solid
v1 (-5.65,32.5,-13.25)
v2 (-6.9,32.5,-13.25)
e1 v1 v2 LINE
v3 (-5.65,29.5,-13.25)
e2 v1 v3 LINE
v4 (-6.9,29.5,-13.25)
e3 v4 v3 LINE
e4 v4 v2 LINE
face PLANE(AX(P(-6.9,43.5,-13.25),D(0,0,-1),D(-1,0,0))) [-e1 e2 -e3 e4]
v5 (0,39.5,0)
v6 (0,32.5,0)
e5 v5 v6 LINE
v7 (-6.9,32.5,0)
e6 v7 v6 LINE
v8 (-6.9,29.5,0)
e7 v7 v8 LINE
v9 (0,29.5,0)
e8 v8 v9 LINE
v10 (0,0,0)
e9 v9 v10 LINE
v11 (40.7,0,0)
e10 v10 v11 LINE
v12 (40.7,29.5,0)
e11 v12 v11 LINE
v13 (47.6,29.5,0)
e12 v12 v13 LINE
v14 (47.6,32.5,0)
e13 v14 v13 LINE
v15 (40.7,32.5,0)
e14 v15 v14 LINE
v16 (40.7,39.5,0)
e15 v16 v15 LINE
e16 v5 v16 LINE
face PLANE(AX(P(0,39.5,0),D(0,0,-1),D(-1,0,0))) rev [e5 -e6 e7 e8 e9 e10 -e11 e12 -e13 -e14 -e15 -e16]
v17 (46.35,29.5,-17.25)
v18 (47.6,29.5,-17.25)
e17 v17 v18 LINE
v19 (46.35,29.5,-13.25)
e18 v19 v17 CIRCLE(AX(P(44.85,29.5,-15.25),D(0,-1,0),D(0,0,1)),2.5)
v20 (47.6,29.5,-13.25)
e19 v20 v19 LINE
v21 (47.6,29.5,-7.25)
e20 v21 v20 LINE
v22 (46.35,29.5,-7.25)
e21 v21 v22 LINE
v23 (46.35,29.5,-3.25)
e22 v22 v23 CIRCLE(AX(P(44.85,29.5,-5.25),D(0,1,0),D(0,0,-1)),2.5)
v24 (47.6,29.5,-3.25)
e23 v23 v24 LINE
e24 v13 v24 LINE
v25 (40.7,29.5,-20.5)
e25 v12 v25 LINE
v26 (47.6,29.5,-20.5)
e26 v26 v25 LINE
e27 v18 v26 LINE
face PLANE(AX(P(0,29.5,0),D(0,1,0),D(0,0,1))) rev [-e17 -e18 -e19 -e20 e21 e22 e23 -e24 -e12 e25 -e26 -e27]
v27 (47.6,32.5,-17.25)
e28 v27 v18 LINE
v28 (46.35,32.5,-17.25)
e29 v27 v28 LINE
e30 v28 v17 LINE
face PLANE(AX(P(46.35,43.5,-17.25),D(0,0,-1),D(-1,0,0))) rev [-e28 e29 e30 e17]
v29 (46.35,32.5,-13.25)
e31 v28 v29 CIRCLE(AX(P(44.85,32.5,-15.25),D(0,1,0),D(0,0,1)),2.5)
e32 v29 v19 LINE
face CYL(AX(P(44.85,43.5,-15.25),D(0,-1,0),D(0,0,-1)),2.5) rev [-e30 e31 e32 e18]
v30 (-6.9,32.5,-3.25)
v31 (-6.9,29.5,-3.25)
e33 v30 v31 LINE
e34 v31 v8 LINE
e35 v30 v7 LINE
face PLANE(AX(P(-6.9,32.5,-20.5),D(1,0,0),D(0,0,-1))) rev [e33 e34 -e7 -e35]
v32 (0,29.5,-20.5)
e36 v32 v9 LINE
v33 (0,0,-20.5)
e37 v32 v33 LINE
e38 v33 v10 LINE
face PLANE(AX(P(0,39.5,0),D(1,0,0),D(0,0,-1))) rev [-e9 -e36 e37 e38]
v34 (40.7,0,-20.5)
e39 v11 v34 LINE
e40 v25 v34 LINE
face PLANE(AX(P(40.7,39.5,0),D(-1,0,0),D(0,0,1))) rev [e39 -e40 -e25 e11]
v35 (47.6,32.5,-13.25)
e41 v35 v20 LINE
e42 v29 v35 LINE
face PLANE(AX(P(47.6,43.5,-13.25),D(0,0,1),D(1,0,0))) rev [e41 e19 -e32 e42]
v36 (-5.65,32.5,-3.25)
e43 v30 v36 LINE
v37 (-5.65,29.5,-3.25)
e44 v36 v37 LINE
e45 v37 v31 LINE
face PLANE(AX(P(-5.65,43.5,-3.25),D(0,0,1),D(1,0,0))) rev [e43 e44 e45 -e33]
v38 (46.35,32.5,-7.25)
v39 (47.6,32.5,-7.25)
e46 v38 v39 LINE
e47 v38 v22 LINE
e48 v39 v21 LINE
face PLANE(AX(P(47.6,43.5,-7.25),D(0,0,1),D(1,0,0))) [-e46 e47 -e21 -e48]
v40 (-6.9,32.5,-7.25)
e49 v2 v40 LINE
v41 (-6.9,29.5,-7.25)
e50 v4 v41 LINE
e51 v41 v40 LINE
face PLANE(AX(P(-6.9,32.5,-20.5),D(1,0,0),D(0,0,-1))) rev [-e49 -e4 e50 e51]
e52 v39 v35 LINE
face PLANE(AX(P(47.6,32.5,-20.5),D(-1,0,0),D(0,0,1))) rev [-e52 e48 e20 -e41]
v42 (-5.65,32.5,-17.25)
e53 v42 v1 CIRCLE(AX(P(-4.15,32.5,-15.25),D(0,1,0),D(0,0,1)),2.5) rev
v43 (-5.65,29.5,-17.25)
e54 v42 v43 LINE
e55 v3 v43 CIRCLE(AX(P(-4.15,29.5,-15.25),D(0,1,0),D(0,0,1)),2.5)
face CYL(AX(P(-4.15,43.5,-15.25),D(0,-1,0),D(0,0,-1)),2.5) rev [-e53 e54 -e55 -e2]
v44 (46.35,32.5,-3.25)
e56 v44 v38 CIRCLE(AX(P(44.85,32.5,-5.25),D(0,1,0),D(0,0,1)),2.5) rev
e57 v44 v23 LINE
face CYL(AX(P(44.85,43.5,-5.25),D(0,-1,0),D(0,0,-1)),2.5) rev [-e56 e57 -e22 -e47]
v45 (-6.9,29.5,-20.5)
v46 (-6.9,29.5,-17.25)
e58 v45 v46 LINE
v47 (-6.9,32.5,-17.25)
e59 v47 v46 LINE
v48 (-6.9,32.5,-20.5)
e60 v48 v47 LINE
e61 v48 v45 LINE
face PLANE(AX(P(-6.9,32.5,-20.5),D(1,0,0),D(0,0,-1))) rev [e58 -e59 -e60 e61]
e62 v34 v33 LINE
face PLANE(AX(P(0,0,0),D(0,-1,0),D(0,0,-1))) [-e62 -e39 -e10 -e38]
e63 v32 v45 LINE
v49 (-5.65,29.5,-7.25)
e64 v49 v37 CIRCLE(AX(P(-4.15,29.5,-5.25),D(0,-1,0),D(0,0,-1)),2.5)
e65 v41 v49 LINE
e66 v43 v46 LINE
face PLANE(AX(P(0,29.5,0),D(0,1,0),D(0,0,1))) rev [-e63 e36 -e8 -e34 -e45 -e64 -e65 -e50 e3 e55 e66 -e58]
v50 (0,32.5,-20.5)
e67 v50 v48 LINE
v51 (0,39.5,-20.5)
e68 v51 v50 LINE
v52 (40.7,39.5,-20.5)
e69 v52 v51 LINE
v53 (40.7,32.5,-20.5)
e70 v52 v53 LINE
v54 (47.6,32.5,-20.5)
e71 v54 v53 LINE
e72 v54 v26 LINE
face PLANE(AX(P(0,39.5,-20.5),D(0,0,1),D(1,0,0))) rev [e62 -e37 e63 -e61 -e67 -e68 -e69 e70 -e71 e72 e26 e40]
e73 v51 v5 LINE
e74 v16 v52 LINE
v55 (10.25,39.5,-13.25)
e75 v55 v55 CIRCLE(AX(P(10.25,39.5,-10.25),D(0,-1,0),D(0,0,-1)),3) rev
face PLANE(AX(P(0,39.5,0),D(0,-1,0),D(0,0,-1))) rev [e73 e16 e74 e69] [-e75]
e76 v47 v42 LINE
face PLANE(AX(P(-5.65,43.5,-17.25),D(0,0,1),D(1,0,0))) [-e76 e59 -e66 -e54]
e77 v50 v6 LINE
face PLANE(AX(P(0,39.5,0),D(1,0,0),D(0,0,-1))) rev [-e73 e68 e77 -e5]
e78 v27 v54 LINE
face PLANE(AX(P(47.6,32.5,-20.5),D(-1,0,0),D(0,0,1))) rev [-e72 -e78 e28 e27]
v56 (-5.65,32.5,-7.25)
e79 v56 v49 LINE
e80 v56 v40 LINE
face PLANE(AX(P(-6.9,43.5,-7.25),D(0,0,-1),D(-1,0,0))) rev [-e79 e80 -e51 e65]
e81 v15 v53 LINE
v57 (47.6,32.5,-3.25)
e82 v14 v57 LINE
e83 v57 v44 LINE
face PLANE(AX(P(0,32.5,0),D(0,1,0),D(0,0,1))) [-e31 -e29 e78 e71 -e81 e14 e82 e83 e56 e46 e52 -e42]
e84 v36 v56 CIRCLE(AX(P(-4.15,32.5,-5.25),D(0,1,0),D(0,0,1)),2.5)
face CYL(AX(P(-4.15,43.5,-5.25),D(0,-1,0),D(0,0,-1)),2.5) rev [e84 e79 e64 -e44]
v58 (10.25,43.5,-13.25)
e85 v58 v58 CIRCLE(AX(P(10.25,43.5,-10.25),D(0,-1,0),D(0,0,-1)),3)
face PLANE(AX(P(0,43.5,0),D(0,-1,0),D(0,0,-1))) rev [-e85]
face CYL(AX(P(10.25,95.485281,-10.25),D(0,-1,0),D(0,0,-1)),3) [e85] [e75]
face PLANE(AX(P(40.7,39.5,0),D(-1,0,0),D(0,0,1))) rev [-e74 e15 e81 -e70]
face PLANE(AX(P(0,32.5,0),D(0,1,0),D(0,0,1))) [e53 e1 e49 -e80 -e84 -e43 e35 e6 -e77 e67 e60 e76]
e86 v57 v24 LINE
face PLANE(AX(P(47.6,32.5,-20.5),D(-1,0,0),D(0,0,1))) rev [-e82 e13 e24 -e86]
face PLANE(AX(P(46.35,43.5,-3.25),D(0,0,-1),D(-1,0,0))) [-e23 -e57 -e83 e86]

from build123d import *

# Parameters (mm, degrees)
SKETCH1_W            = 40.7
SKETCH1_H            = 20.5
BOSS_EXTRUDE1_DEPTH  = 39.5
SKETCH2_R            = 3
BOSS_EXTRUDE2_DEPTH  = 4
SKETCH3_W            = 54.5
SKETCH3_H            = 20.5
BOSS_EXTRUDE3_DEPTH  = 3
CUT_EXTRUDE1_DEPTH   = 60.634386054
MIRROR2_COPY_1_DEPTH = 60.634386054


with BuildPart() as part:
    # Sketch1 → Boss-Extrude1 (new body)
    with BuildSketch(Plane(origin=(0, 0, 0), x_dir=(1, 0, 0), z_dir=(0, 1, 0))):
        with Locations((20.35, 10.25)):
            Rectangle(SKETCH1_W, SKETCH1_H)
    extrude(amount=BOSS_EXTRUDE1_DEPTH)

    # Sketch2 → Boss-Extrude2 (add)
    with BuildSketch(Plane(origin=(0, 39.5, 0), x_dir=(1, 0, 0), z_dir=(0, 1, 0))):
        with Locations(Location((10.25, 10.25, 0), (0, 0, 90))):
            Circle(SKETCH2_R)
    extrude(amount=BOSS_EXTRUDE2_DEPTH)

    # Sketch3 → Boss-Extrude3 (add)
    with BuildSketch(Plane(origin=(0, 29.5, 0), x_dir=(1, 0, 0), z_dir=(0, 1, 0))):
        with Locations((20.35, 10.25)):
            Rectangle(SKETCH3_W, SKETCH3_H)
    extrude(amount=BOSS_EXTRUDE3_DEPTH)

    # Sketch4 → Cut-Extrude1 (cut, through all)
    with BuildSketch(Plane(origin=(0, 29.5, 0), x_dir=(1, 0, 0), z_dir=(0, 1, 0))):
        with BuildLine():
            Line((-5.65, 17.25), (-6.9, 17.25))
            Line((-6.9, 17.25), (-6.9, 13.25))
            Line((-6.9, 13.25), (-5.65, 13.25))
            ThreePointArc((-5.65, 13.25), (-1.65, 15.25), (-5.65, 17.25))
        make_face()
    cut_extrude1 = extrude(amount=CUT_EXTRUDE1_DEPTH, mode=Mode.SUBTRACT)

    # Mirror1: Cut-Extrude1 across plane
    add(cut_extrude1.mirror(Plane(origin=(0, 0, -10.25), x_dir=(1, 0, 0), z_dir=(0, 0, -1))), mode=Mode.SUBTRACT)

    # Mirror2: Cut-Extrude1 across plane
    add(cut_extrude1.mirror(Plane(origin=(20.35, 0, 0), x_dir=(0, 0, 1), z_dir=(1, 0, 0))), mode=Mode.SUBTRACT)

    # Mirror2 copy 1 sketch → Mirror2 copy 1 (cut, through all)
    with BuildSketch(Plane(origin=(40.7, 29.5, -20.5), x_dir=(-1, 0, 0), z_dir=(0, 1, 0))):
        with BuildLine():
            Line((-5.65, 17.25), (-6.9, 17.25))
            Line((-6.9, 17.25), (-6.9, 13.25))
            Line((-6.9, 13.25), (-5.65, 13.25))
            ThreePointArc((-5.65, 13.25), (-1.65, 15.25), (-5.65, 17.25))
        make_face()
    extrude(amount=MIRROR2_COPY_1_DEPTH, mode=Mode.SUBTRACT)


solid = part.part
